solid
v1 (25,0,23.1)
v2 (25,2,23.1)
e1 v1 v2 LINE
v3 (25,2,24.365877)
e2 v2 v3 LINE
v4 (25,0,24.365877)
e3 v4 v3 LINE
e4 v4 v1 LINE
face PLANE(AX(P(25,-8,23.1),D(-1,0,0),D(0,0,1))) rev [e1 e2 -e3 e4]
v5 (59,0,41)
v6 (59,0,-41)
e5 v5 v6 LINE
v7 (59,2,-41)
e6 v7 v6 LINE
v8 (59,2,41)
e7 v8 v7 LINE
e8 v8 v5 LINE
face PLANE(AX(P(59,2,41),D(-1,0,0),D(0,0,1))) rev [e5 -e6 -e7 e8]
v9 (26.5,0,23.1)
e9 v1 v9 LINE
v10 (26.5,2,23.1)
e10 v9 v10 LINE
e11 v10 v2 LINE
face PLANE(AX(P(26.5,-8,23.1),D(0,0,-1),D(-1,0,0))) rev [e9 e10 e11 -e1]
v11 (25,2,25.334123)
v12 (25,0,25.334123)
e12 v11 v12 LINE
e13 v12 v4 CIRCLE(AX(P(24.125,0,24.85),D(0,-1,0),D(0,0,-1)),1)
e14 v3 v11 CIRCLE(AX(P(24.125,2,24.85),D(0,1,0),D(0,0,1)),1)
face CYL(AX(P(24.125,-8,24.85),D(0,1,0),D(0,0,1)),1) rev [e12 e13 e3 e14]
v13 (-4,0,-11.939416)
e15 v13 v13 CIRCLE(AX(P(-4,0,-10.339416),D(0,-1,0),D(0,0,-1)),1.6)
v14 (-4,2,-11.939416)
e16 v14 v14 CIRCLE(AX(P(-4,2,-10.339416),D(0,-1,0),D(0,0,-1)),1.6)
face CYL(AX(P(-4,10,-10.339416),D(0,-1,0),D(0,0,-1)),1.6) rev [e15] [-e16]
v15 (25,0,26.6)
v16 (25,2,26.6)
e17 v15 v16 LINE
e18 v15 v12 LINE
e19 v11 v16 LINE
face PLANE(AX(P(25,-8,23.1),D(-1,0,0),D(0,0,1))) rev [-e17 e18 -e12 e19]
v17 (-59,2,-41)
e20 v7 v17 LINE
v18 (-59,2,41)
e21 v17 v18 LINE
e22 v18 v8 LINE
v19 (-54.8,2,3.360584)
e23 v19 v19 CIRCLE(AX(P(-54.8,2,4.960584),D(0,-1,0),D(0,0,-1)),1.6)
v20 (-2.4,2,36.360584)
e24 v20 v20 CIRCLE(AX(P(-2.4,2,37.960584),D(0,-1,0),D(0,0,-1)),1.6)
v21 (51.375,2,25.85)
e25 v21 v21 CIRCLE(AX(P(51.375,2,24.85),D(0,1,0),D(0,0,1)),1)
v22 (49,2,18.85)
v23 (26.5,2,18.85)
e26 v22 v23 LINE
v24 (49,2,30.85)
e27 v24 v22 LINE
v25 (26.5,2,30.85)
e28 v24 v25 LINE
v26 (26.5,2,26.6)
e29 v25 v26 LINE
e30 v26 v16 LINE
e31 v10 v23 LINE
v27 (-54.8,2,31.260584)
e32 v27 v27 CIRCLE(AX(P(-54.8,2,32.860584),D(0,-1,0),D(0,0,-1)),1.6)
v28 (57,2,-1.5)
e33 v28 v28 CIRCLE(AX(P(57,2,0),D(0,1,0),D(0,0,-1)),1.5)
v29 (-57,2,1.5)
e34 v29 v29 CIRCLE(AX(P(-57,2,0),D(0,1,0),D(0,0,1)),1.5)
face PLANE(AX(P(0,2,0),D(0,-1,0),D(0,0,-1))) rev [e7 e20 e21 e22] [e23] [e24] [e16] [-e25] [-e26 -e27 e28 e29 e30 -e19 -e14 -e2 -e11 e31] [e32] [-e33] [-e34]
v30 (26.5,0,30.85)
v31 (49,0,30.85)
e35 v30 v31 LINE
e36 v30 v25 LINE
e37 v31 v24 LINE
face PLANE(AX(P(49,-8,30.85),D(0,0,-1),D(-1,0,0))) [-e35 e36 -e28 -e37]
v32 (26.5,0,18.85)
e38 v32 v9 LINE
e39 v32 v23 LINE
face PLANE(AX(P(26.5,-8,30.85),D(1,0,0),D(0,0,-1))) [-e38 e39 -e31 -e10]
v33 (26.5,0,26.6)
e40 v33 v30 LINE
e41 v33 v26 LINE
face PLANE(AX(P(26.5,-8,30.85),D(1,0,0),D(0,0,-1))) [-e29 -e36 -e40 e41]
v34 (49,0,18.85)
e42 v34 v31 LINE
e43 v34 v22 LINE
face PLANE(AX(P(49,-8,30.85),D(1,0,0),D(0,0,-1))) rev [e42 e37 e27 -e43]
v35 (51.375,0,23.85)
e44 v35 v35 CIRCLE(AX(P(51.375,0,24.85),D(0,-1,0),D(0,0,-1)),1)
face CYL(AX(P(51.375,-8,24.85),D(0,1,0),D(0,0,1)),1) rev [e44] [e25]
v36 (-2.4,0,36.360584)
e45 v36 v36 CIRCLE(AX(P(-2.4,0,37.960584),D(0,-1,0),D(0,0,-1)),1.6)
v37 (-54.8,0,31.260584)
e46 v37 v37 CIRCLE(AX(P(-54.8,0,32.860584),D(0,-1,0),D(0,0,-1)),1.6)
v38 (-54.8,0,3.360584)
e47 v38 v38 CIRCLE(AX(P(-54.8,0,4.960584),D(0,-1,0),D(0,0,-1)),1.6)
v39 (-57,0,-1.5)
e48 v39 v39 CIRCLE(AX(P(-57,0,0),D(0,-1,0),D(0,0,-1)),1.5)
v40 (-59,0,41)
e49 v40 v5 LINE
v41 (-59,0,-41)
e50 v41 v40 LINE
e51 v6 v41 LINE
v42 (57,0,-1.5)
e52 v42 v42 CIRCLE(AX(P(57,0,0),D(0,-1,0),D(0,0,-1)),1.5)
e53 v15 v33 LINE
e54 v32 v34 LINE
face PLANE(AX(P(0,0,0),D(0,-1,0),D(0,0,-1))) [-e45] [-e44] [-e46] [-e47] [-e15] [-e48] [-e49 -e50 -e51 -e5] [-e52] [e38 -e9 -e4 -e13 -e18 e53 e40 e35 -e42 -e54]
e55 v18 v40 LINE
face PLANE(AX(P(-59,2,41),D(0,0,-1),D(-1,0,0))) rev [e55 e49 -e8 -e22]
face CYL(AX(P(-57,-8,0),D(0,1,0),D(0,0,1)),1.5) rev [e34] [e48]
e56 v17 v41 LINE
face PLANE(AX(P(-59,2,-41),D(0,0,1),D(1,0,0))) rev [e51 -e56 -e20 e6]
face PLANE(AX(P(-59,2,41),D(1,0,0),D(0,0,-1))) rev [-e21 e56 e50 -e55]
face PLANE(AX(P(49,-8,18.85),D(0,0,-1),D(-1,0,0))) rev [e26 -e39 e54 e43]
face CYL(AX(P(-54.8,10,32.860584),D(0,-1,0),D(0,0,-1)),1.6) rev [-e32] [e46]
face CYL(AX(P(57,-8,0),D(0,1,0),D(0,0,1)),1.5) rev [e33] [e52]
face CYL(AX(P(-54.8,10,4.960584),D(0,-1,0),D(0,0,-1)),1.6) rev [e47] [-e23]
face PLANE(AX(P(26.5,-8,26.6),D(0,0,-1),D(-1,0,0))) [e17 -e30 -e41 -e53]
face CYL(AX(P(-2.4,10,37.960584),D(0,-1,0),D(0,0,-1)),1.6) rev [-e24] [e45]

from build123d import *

# Parameters (mm, degrees)
SKETCH1_W           = 118
SKETCH1_H           = 82
BOSS_EXTRUDE1_DEPTH = 2
SKETCH3_R           = 1.5
CUT_EXTRUDE5_DEPTH  = 10
SKETCH4_R           = 1.6
CUT_EXTRUDE6_DEPTH  = 10
SKETCH7_R           = 1
SKETCH7_W           = 1.5
SKETCH7_H           = 3.5
CUT_EXTRUDE7_DEPTH  = 10
SKETCH5_W           = 22.5
SKETCH5_H           = 12
CUT_EXTRUDE8_DEPTH  = 10


with BuildPart() as part:
    # Sketch1 → Boss-Extrude1 (new body)
    with BuildSketch(Plane(origin=(0, 0, 0), x_dir=(1, 0, 0), z_dir=(0, 1, 0))):
        Rectangle(SKETCH1_W, SKETCH1_H)
    extrude(amount=BOSS_EXTRUDE1_DEPTH)

    # Sketch3 → Cut-Extrude5 (cut)
    with BuildSketch(Plane(origin=(0, 2, 0), x_dir=(1, 0, 0), z_dir=(0, 1, 0))):
        with Locations(Location((-57, 0, 0), (0, 0, 270))):
            Circle(SKETCH3_R)
        with Locations(Location((57, 0, 0), (0, 0, 90))):
            Circle(SKETCH3_R)
    extrude(amount=-CUT_EXTRUDE5_DEPTH, mode=Mode.SUBTRACT)

    # Sketch4 → Cut-Extrude6 (cut)
    with BuildSketch(Plane.XZ):
        with Locations(Location((-2.4, 37.960584027, 0), (0, 0, 270))):
            Circle(SKETCH4_R)
        with Locations(Location((-54.8, 32.860584027, 0), (0, 0, 270))):
            Circle(SKETCH4_R)
        with Locations(Location((-4, -10.339415973, 0), (0, 0, 270))):
            Circle(SKETCH4_R)
        with Locations(Location((-54.8, 4.960584027, 0), (0, 0, 270))):
            Circle(SKETCH4_R)
    extrude(amount=-CUT_EXTRUDE6_DEPTH, mode=Mode.SUBTRACT)

    # Sketch7 → Cut-Extrude7 (cut)
    with BuildSketch(Plane(origin=(0, 2, 0), x_dir=(1, 0, 0), z_dir=(0, 1, 0))):
        with Locations((24.125, -24.85)):
            Circle(SKETCH7_R)
        with Locations(Location((51.375, -24.85, 0), (0, 0, 270))):
            Circle(SKETCH7_R)
        with Locations((25.75, -24.85)):
            Rectangle(SKETCH7_W, SKETCH7_H)
    extrude(amount=-CUT_EXTRUDE7_DEPTH, mode=Mode.SUBTRACT)

    # Sketch5 → Cut-Extrude8 (cut)
    with BuildSketch(Plane(origin=(0, 2, 0), x_dir=(1, 0, 0), z_dir=(0, 1, 0))):
        with Locations((37.75, -24.85)):
            Rectangle(SKETCH5_W, SKETCH5_H)
    extrude(amount=-CUT_EXTRUDE8_DEPTH, mode=Mode.SUBTRACT)


solid = part.part
